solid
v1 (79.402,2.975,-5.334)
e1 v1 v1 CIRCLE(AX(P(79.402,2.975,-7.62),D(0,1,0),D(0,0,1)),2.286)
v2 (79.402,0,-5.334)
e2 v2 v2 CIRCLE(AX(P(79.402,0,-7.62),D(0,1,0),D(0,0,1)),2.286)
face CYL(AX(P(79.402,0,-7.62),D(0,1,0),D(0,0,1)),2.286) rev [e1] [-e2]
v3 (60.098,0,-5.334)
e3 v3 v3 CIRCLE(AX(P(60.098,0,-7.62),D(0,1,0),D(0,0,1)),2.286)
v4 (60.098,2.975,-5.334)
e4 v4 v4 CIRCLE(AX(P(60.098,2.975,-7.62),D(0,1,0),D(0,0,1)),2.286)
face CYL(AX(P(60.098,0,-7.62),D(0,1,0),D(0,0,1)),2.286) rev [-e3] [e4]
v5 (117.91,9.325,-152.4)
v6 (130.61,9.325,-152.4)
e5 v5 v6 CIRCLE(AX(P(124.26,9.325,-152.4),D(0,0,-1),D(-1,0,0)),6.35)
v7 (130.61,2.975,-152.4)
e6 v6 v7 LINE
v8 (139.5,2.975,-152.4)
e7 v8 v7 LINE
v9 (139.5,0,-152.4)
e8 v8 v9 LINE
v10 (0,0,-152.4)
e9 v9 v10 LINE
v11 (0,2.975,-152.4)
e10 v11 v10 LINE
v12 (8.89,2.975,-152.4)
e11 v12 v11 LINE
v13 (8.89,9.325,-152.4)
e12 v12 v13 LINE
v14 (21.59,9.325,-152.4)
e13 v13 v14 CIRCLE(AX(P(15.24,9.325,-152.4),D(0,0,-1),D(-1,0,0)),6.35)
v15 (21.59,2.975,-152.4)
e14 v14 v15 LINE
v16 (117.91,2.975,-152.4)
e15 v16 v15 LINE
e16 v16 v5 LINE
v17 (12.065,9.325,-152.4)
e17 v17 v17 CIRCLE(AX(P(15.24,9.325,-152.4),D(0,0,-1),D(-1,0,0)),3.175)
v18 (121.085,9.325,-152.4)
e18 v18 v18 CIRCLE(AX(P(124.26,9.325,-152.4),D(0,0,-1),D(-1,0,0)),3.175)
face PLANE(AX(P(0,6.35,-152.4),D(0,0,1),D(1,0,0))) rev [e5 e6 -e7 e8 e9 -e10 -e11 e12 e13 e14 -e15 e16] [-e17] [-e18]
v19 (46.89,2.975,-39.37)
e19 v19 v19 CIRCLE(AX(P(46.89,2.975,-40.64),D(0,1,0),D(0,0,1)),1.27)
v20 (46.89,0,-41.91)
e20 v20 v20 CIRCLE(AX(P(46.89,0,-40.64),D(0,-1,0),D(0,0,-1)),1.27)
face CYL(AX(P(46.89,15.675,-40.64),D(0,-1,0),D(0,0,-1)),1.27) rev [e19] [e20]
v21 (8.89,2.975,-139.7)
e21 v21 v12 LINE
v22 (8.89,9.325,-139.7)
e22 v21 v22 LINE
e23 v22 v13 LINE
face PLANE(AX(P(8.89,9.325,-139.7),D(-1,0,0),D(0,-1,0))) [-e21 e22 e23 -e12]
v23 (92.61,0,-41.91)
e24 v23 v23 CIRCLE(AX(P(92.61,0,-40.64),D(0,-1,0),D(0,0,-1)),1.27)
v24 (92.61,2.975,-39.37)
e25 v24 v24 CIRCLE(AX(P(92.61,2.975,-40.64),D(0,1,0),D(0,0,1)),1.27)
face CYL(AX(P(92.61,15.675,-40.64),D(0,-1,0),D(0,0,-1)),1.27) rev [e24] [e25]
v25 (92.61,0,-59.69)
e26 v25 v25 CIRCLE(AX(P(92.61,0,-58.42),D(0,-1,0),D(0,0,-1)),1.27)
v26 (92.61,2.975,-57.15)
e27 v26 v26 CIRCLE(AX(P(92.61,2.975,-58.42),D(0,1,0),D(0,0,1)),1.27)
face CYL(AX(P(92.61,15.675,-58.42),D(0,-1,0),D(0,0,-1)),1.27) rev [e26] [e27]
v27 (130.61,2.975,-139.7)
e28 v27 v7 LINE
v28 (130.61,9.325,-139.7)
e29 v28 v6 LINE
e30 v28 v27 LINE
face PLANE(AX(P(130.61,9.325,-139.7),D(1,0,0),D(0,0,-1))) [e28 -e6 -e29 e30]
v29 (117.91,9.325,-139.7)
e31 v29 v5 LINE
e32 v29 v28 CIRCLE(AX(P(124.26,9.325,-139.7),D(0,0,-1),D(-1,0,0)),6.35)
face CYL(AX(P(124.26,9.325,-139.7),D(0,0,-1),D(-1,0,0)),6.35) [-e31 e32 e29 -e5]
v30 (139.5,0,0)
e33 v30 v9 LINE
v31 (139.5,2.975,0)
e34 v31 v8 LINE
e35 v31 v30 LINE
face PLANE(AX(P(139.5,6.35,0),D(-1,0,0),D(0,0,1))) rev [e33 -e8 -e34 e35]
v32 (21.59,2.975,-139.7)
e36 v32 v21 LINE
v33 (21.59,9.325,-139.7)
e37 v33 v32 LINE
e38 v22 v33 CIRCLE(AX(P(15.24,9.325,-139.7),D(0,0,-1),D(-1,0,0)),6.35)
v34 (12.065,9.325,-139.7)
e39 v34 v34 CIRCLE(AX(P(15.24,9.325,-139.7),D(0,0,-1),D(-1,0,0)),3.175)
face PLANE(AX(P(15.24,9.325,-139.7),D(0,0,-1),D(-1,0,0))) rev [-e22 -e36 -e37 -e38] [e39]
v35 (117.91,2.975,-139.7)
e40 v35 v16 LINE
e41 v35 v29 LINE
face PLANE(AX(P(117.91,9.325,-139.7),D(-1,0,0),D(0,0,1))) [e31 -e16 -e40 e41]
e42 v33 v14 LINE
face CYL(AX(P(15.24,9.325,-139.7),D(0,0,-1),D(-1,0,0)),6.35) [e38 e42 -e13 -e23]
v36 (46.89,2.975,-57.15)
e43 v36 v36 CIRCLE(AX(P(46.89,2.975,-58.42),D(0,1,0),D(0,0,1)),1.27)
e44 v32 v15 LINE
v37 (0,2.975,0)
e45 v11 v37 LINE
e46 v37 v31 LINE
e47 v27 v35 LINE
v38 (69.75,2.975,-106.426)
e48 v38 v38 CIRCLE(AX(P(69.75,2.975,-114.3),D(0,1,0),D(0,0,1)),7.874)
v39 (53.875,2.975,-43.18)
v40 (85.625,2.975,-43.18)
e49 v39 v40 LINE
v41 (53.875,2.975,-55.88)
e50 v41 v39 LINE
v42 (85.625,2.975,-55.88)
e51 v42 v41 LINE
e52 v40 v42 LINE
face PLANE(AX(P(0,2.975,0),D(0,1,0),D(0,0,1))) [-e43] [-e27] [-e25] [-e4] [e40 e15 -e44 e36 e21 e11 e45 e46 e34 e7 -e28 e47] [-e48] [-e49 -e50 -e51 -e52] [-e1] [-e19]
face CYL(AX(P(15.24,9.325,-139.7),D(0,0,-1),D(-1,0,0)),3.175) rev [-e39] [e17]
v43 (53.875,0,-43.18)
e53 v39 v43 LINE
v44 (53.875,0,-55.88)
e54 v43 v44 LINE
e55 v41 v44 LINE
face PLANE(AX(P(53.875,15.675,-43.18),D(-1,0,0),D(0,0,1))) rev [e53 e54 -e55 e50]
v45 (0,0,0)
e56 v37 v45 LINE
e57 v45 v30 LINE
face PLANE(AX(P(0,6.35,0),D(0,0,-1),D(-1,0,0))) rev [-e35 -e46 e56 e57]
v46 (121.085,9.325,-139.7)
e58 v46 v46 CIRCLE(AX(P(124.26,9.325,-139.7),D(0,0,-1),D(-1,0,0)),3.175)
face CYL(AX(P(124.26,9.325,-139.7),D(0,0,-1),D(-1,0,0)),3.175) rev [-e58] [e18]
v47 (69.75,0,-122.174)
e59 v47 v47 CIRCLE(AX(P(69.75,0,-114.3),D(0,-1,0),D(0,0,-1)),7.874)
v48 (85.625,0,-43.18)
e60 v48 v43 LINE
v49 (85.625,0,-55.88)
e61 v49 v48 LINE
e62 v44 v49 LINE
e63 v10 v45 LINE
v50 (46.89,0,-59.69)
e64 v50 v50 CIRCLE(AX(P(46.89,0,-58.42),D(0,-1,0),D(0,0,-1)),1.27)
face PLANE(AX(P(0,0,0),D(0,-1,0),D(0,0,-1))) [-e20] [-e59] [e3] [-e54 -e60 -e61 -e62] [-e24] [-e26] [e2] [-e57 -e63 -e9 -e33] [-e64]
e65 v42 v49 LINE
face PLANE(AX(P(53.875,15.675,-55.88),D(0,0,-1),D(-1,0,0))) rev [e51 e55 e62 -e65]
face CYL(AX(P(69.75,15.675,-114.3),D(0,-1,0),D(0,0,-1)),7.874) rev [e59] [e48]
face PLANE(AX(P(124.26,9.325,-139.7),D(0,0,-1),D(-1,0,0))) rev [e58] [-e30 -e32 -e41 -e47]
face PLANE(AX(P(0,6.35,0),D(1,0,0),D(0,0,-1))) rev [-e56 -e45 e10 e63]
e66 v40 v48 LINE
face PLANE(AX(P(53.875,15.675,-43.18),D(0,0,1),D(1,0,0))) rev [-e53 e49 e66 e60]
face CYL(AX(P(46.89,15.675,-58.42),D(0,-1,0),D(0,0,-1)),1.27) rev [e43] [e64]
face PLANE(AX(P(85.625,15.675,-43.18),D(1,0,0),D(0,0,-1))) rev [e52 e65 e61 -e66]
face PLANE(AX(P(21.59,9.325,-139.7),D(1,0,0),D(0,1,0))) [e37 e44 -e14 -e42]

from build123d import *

# Parameters (mm, degrees)
SKETCH1_W               = 139.5
SKETCH1_H               = 152.4
BOSS_EXTRUDE1_DEPTH     = 6.35
SKETCH2_W               = 139.5
SKETCH2_H               = 152.4
CUT_EXTRUDE1_DEPTH      = 3.375
SKETCH4_R               = 3.175000001
SKETCH4_R_2             = 3.175
BOSS_EXTRUDE3_DEPTH     = 12.7
SKETCH5_R               = 7.874
CUT_EXTRUDE2_DEPTH      = 16.675
SKETCH6_R               = 2.286
CUT_EXTRUDE3_DEPTH      = 3.975
SKETCH7_R               = 1.27
SKETCH7_W               = 31.75
SKETCH7_H               = 12.7
CUT_EXTRUDE4_DEPTH      = 1
CUT_EXTRUDE4_DEPTH_BACK = 16.675


with BuildPart() as part:
    # Sketch1 → Boss-Extrude1 (new body)
    with BuildSketch(Plane(origin=(0, 0, 0), x_dir=(1, 0, 0), z_dir=(0, 1, 0))):
        with Locations((69.75, 76.2)):
            Rectangle(SKETCH1_W, SKETCH1_H)
    extrude(amount=BOSS_EXTRUDE1_DEPTH)

    # Sketch2 → Cut-Extrude1 (cut)
    with BuildSketch(Plane(origin=(0, 6.35, 0), x_dir=(1, 0, 0), z_dir=(0, 1, 0))):
        with Locations((69.75, 76.2)):
            Rectangle(SKETCH2_W, SKETCH2_H)
    extrude(amount=-CUT_EXTRUDE1_DEPTH, mode=Mode.SUBTRACT)

    # Sketch4 → Boss-Extrude3 (add)
    with BuildSketch(Plane(origin=(0, 0, -152.4), x_dir=(-1, 0, 0), z_dir=(0, 0, -1))):
        with BuildLine():
            Line((-130.61, 9.325), (-130.61, 2.975))
            Line((-130.61, 2.975), (-117.91, 2.975))
            Line((-117.91, 2.975), (-117.91, 9.325))
            ThreePointArc((-117.91, 9.325), (-124.26, 15.675), (-130.61, 9.325))
        make_face()
        with Locations((-124.26, 9.325)):
            Circle(SKETCH4_R, mode=Mode.SUBTRACT)
        with BuildLine():
            Line((-21.59, 9.325), (-21.59, 2.975))
            Line((-21.59, 2.975), (-8.89, 2.975))
            Line((-8.89, 2.975), (-8.89, 9.325))
            ThreePointArc((-8.89, 9.325), (-15.24, 15.675), (-21.59, 9.325))
        make_face()
        with Locations((-15.24, 9.325)):
            Circle(SKETCH4_R_2, mode=Mode.SUBTRACT)
    extrude(amount=-BOSS_EXTRUDE3_DEPTH)

    # Sketch5 → Cut-Extrude2 (cut, through all)
    with BuildSketch(Plane.XZ):
        with Locations((69.75, -114.3)):
            Circle(SKETCH5_R)
    extrude(amount=-CUT_EXTRUDE2_DEPTH, mode=Mode.SUBTRACT)

    # Sketch6 → Cut-Extrude3 (cut, through all)
    with BuildSketch(Plane(origin=(0, 2.975, 0), x_dir=(1, 0, 0), z_dir=(0, 1, 0))):
        with Locations((60.098, 7.62)):
            Circle(SKETCH6_R)
        with Locations((79.402, 7.62)):
            Circle(SKETCH6_R)
    extrude(amount=-CUT_EXTRUDE3_DEPTH, mode=Mode.SUBTRACT)

    # Sketch7 → Cut-Extrude4 (cut, two sides)
    with BuildSketch(Plane.XZ) as cut_extrude4_sk:
        with Locations((46.89, -40.64)):
            Circle(SKETCH7_R)
        with Locations((92.61, -40.64)):
            Circle(SKETCH7_R)
        with Locations((92.61, -58.42)):
            Circle(SKETCH7_R)
        with Locations((46.89, -58.42)):
            Circle(SKETCH7_R)
        with Locations((69.75, -49.53)):
            Rectangle(SKETCH7_W, SKETCH7_H)
    extrude(amount=CUT_EXTRUDE4_DEPTH, mode=Mode.SUBTRACT)
    extrude(cut_extrude4_sk.sketch, amount=-CUT_EXTRUDE4_DEPTH_BACK, mode=Mode.SUBTRACT)


solid = part.part
